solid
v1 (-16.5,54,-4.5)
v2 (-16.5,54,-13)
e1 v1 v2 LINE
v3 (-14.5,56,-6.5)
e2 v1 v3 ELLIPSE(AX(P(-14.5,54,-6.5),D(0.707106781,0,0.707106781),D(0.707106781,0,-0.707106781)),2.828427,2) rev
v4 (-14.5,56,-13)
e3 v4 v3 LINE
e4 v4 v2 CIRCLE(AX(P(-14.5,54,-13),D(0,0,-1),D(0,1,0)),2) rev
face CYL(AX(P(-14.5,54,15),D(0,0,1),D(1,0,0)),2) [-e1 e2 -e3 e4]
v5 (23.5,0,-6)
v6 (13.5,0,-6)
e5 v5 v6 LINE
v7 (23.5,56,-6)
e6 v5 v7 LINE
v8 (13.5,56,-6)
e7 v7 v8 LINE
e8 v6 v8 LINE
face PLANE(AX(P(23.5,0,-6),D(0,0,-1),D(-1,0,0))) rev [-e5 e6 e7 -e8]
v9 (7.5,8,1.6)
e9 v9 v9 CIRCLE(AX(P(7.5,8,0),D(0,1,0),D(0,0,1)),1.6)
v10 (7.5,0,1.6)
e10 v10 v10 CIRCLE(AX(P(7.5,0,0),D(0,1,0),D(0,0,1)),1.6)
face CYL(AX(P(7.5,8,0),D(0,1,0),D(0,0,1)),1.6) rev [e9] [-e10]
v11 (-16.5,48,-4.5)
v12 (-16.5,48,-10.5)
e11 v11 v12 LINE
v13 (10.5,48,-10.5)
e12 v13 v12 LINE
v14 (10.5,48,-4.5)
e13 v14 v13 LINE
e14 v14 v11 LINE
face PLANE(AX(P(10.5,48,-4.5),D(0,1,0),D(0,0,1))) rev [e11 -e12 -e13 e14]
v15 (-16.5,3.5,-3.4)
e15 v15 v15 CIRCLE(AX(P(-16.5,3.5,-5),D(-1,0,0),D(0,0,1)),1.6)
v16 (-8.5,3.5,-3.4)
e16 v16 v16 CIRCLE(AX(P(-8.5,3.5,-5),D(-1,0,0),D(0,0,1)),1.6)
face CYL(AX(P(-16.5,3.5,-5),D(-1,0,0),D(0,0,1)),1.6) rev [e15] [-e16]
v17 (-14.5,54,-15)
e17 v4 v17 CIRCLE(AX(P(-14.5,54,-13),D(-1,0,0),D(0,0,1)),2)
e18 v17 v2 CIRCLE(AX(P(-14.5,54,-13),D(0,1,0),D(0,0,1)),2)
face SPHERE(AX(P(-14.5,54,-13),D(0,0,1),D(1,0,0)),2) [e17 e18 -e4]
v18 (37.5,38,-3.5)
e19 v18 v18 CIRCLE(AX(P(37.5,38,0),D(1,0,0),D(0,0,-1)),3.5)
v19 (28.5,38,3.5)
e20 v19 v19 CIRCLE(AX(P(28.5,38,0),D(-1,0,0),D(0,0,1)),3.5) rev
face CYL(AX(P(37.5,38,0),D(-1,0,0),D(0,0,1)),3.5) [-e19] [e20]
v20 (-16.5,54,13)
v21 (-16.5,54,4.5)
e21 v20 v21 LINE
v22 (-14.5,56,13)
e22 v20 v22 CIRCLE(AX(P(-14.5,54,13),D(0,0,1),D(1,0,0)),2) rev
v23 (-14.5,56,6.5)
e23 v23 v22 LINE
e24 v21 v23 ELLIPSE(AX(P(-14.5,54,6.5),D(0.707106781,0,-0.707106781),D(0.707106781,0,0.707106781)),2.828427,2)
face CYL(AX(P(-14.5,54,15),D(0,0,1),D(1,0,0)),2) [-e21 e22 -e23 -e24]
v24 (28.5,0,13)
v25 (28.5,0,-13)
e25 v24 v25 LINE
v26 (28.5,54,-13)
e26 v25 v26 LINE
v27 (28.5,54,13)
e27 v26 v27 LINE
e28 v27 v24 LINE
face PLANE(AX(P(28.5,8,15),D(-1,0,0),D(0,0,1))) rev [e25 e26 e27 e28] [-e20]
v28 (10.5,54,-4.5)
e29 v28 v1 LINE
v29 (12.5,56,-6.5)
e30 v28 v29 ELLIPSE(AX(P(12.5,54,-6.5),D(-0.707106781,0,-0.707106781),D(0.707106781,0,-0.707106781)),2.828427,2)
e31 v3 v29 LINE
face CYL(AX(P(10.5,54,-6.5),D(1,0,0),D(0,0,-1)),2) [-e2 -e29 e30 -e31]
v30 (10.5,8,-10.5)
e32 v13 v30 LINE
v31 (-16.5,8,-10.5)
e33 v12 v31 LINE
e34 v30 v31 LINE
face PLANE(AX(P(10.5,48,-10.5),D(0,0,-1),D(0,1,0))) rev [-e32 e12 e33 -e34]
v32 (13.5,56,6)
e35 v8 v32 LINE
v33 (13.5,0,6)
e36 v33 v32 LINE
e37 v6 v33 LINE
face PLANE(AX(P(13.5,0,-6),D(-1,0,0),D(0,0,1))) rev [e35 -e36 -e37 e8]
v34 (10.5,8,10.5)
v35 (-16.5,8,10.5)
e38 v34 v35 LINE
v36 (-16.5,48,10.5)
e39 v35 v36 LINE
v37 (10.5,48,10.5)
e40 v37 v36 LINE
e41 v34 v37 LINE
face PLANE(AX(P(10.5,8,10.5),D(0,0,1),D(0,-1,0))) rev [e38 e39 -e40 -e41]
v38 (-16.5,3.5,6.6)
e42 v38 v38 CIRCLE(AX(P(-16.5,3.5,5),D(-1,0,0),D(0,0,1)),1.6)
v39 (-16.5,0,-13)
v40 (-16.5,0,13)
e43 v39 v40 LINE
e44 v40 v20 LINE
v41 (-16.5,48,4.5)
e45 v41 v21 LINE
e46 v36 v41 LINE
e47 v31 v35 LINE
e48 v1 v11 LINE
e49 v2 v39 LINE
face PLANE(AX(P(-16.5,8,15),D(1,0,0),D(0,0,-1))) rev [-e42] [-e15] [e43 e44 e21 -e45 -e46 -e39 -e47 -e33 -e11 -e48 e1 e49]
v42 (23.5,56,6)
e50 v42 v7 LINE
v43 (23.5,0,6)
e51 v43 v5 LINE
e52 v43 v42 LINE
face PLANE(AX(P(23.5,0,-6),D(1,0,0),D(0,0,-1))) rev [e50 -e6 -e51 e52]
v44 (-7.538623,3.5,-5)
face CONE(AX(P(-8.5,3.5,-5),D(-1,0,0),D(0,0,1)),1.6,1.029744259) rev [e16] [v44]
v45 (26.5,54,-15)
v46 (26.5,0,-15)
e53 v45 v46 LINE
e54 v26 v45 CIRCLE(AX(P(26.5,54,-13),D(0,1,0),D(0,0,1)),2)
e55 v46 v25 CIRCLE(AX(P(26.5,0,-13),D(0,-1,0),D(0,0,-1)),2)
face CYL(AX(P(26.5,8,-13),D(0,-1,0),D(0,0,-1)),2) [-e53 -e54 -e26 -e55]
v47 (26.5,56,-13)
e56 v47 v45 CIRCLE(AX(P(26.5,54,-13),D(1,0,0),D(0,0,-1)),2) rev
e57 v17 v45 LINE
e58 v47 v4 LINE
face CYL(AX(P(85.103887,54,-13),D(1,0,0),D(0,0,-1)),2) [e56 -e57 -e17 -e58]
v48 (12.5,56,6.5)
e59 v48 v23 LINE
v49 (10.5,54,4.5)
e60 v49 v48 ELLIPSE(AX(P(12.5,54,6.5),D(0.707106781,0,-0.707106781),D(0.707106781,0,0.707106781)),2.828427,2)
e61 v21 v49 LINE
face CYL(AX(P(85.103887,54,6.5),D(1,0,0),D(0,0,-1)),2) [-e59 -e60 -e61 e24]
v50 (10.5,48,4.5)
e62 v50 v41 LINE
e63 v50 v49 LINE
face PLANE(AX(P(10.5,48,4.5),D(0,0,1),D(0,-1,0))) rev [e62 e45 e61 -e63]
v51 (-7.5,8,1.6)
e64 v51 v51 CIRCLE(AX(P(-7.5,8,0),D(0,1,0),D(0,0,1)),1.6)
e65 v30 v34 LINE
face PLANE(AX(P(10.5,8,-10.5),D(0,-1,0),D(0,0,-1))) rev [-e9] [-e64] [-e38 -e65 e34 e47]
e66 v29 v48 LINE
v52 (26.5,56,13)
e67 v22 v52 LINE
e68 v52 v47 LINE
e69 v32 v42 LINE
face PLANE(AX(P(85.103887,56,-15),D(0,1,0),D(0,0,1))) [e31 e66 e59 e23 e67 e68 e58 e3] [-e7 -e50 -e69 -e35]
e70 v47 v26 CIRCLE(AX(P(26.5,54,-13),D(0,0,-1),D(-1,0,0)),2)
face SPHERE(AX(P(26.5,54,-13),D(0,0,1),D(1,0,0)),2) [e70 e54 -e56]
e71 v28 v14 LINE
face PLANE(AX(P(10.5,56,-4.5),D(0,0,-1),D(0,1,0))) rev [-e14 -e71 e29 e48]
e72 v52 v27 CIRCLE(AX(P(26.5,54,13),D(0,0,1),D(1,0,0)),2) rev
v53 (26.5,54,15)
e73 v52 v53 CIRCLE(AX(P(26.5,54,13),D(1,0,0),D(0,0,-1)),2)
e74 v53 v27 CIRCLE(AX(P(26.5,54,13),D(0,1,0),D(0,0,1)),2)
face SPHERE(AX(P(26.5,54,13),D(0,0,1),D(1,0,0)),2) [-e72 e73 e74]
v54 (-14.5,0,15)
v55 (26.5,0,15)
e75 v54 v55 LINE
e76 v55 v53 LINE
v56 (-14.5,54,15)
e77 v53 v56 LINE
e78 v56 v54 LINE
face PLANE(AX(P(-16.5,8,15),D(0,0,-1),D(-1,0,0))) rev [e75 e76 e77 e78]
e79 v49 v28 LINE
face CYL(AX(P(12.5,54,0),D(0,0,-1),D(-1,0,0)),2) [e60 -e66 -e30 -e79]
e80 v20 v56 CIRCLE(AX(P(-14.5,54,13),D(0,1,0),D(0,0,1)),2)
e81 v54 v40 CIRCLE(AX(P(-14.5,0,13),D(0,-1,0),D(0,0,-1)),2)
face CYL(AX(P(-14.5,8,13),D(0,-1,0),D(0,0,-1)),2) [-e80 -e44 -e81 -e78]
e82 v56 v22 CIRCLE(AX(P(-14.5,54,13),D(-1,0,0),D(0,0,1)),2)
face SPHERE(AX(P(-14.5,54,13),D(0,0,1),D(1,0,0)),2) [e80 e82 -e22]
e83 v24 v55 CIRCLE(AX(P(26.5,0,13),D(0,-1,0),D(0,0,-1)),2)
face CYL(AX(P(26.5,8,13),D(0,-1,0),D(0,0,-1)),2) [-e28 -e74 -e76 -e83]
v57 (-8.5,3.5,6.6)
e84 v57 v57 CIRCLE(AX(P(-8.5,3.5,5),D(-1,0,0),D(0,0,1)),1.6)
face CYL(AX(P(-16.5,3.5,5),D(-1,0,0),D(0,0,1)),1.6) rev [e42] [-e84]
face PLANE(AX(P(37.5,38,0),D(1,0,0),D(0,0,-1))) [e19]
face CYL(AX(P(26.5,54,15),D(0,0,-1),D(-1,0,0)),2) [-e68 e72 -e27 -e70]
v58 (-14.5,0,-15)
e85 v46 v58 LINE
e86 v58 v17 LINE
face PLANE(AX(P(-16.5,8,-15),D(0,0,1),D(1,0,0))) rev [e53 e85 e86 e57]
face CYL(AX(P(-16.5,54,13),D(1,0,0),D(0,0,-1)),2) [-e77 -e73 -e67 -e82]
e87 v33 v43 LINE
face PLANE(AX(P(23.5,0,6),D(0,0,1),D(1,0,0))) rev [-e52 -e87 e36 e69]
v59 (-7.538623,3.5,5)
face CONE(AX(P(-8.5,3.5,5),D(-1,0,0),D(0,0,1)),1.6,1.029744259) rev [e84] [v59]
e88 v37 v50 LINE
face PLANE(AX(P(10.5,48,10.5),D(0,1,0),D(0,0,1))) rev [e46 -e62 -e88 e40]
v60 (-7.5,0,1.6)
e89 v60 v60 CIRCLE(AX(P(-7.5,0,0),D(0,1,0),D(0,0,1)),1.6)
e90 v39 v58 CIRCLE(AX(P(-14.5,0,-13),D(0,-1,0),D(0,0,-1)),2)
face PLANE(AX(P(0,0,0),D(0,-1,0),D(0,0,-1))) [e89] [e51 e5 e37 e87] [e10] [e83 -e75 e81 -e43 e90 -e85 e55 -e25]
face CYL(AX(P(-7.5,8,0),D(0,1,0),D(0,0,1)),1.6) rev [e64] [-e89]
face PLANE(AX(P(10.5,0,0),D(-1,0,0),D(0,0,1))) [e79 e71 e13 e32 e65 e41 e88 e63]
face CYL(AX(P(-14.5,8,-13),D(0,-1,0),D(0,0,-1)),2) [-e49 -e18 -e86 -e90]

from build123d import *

# Parameters (mm, degrees)
ESQUISSE1_W             = 45
ESQUISSE1_H             = 30
BOSS_EXTRU_1_DEPTH      = 8
ESQUISSE5_W             = 30
ESQUISSE5_H             = 48
BOSS_EXTRU_3_DEPTH      = 45
ENL_V_MAT_EXTRU_1_DEPTH = 27
CONG_1_R                = 2
ESQUISSE16_R            = 3.5
BOSS_EXTRU_5_DEPTH      = 9
D_GAGEMENT_M32_D        = 3.2
D_GAGEMENT_M33_D        = 3.2
D_GAGEMENT_M33_DEPTH    = 8
D_GAGEMENT_M33_TIP      = 0.96137699
ESQUISSE28_W            = 10
ESQUISSE28_H            = 12
ENL_V_MAT_EXTRU_2_DEPTH = 70.045275001


with BuildPart() as part:
    # Esquisse1 → Boss.-Extru.1 (new body)
    with BuildSketch(Plane(origin=(0, 0, 0), x_dir=(1, 0, 0), z_dir=(0, 1, 0))):
        with Locations((6, 0)):
            Rectangle(ESQUISSE1_W, ESQUISSE1_H)
    extrude(amount=BOSS_EXTRU_1_DEPTH)

    # Esquisse5 → Boss.-Extru.3 (add)
    with BuildSketch(Plane.ZY.offset(16.5)):
        with Locations((0, 32)):
            Rectangle(ESQUISSE5_W, ESQUISSE5_H)
    extrude(amount=-BOSS_EXTRU_3_DEPTH)

    # Esquisse6 → Enlèv. mat.-Extru.1 (cut)
    with BuildSketch(Plane.ZY.offset(16.5)):
        Polygon((10.5, 48), (4.5, 48), (4.5, 56), (-4.5, 56), (-4.5, 48), (-10.5, 48), (-10.5, 8), (10.5, 8), align=None)
    extrude(amount=-ENL_V_MAT_EXTRU_1_DEPTH, mode=Mode.SUBTRACT)

    # Congé1
    cong_1_edges = [part.edges().sort_by_distance(p)[0] for p in [
        (6, 56, -15),
        (6, 56, 15),
        (-16.5, 56, 9.75),
        (28.5, 56, 0),
        (-16.5, 56, -9.75),
        (10.5, 56, 0),
        (-3, 56, -4.5),
        (-3, 56, 4.5),
        (28.5, 28, 15),
        (-16.5, 28, 15),
        (-16.5, 28, -15),
        (28.5, 28, -15),
    ]]
    fillet(cong_1_edges, radius=CONG_1_R)

    # Esquisse16 → Boss.-Extru.5 (add)
    with BuildSketch(Plane(origin=(28.5, 0, 0), x_dir=(0, 0, -1), z_dir=(1, 0, 0))):
        with Locations(Location((0, 38, 0), (0, 0, 180))):
            Circle(ESQUISSE16_R)
    extrude(amount=BOSS_EXTRU_5_DEPTH)

    # Dégagement M32 (through all)
    with Locations(Plane(origin=(0, 8, 0), x_dir=(1, 0, 0), z_dir=(0, 1, 0))):
        with Locations((-7.5, 0), (7.5, 0)):
            Hole(D_GAGEMENT_M32_D / 2)

    # Dégagement M33
    with Locations(Plane.ZY.offset(16.5)):
        with Locations((-5, 3.5), (5, 3.5)):
            Hole(D_GAGEMENT_M33_D / 2, depth=D_GAGEMENT_M33_DEPTH)
            with Locations((0, 0, -(D_GAGEMENT_M33_DEPTH + D_GAGEMENT_M33_TIP / 2))):  # 118° drill point
                Cone(0, D_GAGEMENT_M33_D / 2, D_GAGEMENT_M33_TIP, mode=Mode.SUBTRACT)

    # Esquisse28 → Enlèv. mat.-Extru.2 (cut, through all)
    with BuildSketch(Plane(origin=(0, 56, 0), x_dir=(1, 0, 0), z_dir=(0, 1, 0))):
        with Locations((18.5, 0)):
            Rectangle(ESQUISSE28_W, ESQUISSE28_H)
    extrude(amount=-ENL_V_MAT_EXTRU_2_DEPTH, mode=Mode.SUBTRACT)


solid = part.part
